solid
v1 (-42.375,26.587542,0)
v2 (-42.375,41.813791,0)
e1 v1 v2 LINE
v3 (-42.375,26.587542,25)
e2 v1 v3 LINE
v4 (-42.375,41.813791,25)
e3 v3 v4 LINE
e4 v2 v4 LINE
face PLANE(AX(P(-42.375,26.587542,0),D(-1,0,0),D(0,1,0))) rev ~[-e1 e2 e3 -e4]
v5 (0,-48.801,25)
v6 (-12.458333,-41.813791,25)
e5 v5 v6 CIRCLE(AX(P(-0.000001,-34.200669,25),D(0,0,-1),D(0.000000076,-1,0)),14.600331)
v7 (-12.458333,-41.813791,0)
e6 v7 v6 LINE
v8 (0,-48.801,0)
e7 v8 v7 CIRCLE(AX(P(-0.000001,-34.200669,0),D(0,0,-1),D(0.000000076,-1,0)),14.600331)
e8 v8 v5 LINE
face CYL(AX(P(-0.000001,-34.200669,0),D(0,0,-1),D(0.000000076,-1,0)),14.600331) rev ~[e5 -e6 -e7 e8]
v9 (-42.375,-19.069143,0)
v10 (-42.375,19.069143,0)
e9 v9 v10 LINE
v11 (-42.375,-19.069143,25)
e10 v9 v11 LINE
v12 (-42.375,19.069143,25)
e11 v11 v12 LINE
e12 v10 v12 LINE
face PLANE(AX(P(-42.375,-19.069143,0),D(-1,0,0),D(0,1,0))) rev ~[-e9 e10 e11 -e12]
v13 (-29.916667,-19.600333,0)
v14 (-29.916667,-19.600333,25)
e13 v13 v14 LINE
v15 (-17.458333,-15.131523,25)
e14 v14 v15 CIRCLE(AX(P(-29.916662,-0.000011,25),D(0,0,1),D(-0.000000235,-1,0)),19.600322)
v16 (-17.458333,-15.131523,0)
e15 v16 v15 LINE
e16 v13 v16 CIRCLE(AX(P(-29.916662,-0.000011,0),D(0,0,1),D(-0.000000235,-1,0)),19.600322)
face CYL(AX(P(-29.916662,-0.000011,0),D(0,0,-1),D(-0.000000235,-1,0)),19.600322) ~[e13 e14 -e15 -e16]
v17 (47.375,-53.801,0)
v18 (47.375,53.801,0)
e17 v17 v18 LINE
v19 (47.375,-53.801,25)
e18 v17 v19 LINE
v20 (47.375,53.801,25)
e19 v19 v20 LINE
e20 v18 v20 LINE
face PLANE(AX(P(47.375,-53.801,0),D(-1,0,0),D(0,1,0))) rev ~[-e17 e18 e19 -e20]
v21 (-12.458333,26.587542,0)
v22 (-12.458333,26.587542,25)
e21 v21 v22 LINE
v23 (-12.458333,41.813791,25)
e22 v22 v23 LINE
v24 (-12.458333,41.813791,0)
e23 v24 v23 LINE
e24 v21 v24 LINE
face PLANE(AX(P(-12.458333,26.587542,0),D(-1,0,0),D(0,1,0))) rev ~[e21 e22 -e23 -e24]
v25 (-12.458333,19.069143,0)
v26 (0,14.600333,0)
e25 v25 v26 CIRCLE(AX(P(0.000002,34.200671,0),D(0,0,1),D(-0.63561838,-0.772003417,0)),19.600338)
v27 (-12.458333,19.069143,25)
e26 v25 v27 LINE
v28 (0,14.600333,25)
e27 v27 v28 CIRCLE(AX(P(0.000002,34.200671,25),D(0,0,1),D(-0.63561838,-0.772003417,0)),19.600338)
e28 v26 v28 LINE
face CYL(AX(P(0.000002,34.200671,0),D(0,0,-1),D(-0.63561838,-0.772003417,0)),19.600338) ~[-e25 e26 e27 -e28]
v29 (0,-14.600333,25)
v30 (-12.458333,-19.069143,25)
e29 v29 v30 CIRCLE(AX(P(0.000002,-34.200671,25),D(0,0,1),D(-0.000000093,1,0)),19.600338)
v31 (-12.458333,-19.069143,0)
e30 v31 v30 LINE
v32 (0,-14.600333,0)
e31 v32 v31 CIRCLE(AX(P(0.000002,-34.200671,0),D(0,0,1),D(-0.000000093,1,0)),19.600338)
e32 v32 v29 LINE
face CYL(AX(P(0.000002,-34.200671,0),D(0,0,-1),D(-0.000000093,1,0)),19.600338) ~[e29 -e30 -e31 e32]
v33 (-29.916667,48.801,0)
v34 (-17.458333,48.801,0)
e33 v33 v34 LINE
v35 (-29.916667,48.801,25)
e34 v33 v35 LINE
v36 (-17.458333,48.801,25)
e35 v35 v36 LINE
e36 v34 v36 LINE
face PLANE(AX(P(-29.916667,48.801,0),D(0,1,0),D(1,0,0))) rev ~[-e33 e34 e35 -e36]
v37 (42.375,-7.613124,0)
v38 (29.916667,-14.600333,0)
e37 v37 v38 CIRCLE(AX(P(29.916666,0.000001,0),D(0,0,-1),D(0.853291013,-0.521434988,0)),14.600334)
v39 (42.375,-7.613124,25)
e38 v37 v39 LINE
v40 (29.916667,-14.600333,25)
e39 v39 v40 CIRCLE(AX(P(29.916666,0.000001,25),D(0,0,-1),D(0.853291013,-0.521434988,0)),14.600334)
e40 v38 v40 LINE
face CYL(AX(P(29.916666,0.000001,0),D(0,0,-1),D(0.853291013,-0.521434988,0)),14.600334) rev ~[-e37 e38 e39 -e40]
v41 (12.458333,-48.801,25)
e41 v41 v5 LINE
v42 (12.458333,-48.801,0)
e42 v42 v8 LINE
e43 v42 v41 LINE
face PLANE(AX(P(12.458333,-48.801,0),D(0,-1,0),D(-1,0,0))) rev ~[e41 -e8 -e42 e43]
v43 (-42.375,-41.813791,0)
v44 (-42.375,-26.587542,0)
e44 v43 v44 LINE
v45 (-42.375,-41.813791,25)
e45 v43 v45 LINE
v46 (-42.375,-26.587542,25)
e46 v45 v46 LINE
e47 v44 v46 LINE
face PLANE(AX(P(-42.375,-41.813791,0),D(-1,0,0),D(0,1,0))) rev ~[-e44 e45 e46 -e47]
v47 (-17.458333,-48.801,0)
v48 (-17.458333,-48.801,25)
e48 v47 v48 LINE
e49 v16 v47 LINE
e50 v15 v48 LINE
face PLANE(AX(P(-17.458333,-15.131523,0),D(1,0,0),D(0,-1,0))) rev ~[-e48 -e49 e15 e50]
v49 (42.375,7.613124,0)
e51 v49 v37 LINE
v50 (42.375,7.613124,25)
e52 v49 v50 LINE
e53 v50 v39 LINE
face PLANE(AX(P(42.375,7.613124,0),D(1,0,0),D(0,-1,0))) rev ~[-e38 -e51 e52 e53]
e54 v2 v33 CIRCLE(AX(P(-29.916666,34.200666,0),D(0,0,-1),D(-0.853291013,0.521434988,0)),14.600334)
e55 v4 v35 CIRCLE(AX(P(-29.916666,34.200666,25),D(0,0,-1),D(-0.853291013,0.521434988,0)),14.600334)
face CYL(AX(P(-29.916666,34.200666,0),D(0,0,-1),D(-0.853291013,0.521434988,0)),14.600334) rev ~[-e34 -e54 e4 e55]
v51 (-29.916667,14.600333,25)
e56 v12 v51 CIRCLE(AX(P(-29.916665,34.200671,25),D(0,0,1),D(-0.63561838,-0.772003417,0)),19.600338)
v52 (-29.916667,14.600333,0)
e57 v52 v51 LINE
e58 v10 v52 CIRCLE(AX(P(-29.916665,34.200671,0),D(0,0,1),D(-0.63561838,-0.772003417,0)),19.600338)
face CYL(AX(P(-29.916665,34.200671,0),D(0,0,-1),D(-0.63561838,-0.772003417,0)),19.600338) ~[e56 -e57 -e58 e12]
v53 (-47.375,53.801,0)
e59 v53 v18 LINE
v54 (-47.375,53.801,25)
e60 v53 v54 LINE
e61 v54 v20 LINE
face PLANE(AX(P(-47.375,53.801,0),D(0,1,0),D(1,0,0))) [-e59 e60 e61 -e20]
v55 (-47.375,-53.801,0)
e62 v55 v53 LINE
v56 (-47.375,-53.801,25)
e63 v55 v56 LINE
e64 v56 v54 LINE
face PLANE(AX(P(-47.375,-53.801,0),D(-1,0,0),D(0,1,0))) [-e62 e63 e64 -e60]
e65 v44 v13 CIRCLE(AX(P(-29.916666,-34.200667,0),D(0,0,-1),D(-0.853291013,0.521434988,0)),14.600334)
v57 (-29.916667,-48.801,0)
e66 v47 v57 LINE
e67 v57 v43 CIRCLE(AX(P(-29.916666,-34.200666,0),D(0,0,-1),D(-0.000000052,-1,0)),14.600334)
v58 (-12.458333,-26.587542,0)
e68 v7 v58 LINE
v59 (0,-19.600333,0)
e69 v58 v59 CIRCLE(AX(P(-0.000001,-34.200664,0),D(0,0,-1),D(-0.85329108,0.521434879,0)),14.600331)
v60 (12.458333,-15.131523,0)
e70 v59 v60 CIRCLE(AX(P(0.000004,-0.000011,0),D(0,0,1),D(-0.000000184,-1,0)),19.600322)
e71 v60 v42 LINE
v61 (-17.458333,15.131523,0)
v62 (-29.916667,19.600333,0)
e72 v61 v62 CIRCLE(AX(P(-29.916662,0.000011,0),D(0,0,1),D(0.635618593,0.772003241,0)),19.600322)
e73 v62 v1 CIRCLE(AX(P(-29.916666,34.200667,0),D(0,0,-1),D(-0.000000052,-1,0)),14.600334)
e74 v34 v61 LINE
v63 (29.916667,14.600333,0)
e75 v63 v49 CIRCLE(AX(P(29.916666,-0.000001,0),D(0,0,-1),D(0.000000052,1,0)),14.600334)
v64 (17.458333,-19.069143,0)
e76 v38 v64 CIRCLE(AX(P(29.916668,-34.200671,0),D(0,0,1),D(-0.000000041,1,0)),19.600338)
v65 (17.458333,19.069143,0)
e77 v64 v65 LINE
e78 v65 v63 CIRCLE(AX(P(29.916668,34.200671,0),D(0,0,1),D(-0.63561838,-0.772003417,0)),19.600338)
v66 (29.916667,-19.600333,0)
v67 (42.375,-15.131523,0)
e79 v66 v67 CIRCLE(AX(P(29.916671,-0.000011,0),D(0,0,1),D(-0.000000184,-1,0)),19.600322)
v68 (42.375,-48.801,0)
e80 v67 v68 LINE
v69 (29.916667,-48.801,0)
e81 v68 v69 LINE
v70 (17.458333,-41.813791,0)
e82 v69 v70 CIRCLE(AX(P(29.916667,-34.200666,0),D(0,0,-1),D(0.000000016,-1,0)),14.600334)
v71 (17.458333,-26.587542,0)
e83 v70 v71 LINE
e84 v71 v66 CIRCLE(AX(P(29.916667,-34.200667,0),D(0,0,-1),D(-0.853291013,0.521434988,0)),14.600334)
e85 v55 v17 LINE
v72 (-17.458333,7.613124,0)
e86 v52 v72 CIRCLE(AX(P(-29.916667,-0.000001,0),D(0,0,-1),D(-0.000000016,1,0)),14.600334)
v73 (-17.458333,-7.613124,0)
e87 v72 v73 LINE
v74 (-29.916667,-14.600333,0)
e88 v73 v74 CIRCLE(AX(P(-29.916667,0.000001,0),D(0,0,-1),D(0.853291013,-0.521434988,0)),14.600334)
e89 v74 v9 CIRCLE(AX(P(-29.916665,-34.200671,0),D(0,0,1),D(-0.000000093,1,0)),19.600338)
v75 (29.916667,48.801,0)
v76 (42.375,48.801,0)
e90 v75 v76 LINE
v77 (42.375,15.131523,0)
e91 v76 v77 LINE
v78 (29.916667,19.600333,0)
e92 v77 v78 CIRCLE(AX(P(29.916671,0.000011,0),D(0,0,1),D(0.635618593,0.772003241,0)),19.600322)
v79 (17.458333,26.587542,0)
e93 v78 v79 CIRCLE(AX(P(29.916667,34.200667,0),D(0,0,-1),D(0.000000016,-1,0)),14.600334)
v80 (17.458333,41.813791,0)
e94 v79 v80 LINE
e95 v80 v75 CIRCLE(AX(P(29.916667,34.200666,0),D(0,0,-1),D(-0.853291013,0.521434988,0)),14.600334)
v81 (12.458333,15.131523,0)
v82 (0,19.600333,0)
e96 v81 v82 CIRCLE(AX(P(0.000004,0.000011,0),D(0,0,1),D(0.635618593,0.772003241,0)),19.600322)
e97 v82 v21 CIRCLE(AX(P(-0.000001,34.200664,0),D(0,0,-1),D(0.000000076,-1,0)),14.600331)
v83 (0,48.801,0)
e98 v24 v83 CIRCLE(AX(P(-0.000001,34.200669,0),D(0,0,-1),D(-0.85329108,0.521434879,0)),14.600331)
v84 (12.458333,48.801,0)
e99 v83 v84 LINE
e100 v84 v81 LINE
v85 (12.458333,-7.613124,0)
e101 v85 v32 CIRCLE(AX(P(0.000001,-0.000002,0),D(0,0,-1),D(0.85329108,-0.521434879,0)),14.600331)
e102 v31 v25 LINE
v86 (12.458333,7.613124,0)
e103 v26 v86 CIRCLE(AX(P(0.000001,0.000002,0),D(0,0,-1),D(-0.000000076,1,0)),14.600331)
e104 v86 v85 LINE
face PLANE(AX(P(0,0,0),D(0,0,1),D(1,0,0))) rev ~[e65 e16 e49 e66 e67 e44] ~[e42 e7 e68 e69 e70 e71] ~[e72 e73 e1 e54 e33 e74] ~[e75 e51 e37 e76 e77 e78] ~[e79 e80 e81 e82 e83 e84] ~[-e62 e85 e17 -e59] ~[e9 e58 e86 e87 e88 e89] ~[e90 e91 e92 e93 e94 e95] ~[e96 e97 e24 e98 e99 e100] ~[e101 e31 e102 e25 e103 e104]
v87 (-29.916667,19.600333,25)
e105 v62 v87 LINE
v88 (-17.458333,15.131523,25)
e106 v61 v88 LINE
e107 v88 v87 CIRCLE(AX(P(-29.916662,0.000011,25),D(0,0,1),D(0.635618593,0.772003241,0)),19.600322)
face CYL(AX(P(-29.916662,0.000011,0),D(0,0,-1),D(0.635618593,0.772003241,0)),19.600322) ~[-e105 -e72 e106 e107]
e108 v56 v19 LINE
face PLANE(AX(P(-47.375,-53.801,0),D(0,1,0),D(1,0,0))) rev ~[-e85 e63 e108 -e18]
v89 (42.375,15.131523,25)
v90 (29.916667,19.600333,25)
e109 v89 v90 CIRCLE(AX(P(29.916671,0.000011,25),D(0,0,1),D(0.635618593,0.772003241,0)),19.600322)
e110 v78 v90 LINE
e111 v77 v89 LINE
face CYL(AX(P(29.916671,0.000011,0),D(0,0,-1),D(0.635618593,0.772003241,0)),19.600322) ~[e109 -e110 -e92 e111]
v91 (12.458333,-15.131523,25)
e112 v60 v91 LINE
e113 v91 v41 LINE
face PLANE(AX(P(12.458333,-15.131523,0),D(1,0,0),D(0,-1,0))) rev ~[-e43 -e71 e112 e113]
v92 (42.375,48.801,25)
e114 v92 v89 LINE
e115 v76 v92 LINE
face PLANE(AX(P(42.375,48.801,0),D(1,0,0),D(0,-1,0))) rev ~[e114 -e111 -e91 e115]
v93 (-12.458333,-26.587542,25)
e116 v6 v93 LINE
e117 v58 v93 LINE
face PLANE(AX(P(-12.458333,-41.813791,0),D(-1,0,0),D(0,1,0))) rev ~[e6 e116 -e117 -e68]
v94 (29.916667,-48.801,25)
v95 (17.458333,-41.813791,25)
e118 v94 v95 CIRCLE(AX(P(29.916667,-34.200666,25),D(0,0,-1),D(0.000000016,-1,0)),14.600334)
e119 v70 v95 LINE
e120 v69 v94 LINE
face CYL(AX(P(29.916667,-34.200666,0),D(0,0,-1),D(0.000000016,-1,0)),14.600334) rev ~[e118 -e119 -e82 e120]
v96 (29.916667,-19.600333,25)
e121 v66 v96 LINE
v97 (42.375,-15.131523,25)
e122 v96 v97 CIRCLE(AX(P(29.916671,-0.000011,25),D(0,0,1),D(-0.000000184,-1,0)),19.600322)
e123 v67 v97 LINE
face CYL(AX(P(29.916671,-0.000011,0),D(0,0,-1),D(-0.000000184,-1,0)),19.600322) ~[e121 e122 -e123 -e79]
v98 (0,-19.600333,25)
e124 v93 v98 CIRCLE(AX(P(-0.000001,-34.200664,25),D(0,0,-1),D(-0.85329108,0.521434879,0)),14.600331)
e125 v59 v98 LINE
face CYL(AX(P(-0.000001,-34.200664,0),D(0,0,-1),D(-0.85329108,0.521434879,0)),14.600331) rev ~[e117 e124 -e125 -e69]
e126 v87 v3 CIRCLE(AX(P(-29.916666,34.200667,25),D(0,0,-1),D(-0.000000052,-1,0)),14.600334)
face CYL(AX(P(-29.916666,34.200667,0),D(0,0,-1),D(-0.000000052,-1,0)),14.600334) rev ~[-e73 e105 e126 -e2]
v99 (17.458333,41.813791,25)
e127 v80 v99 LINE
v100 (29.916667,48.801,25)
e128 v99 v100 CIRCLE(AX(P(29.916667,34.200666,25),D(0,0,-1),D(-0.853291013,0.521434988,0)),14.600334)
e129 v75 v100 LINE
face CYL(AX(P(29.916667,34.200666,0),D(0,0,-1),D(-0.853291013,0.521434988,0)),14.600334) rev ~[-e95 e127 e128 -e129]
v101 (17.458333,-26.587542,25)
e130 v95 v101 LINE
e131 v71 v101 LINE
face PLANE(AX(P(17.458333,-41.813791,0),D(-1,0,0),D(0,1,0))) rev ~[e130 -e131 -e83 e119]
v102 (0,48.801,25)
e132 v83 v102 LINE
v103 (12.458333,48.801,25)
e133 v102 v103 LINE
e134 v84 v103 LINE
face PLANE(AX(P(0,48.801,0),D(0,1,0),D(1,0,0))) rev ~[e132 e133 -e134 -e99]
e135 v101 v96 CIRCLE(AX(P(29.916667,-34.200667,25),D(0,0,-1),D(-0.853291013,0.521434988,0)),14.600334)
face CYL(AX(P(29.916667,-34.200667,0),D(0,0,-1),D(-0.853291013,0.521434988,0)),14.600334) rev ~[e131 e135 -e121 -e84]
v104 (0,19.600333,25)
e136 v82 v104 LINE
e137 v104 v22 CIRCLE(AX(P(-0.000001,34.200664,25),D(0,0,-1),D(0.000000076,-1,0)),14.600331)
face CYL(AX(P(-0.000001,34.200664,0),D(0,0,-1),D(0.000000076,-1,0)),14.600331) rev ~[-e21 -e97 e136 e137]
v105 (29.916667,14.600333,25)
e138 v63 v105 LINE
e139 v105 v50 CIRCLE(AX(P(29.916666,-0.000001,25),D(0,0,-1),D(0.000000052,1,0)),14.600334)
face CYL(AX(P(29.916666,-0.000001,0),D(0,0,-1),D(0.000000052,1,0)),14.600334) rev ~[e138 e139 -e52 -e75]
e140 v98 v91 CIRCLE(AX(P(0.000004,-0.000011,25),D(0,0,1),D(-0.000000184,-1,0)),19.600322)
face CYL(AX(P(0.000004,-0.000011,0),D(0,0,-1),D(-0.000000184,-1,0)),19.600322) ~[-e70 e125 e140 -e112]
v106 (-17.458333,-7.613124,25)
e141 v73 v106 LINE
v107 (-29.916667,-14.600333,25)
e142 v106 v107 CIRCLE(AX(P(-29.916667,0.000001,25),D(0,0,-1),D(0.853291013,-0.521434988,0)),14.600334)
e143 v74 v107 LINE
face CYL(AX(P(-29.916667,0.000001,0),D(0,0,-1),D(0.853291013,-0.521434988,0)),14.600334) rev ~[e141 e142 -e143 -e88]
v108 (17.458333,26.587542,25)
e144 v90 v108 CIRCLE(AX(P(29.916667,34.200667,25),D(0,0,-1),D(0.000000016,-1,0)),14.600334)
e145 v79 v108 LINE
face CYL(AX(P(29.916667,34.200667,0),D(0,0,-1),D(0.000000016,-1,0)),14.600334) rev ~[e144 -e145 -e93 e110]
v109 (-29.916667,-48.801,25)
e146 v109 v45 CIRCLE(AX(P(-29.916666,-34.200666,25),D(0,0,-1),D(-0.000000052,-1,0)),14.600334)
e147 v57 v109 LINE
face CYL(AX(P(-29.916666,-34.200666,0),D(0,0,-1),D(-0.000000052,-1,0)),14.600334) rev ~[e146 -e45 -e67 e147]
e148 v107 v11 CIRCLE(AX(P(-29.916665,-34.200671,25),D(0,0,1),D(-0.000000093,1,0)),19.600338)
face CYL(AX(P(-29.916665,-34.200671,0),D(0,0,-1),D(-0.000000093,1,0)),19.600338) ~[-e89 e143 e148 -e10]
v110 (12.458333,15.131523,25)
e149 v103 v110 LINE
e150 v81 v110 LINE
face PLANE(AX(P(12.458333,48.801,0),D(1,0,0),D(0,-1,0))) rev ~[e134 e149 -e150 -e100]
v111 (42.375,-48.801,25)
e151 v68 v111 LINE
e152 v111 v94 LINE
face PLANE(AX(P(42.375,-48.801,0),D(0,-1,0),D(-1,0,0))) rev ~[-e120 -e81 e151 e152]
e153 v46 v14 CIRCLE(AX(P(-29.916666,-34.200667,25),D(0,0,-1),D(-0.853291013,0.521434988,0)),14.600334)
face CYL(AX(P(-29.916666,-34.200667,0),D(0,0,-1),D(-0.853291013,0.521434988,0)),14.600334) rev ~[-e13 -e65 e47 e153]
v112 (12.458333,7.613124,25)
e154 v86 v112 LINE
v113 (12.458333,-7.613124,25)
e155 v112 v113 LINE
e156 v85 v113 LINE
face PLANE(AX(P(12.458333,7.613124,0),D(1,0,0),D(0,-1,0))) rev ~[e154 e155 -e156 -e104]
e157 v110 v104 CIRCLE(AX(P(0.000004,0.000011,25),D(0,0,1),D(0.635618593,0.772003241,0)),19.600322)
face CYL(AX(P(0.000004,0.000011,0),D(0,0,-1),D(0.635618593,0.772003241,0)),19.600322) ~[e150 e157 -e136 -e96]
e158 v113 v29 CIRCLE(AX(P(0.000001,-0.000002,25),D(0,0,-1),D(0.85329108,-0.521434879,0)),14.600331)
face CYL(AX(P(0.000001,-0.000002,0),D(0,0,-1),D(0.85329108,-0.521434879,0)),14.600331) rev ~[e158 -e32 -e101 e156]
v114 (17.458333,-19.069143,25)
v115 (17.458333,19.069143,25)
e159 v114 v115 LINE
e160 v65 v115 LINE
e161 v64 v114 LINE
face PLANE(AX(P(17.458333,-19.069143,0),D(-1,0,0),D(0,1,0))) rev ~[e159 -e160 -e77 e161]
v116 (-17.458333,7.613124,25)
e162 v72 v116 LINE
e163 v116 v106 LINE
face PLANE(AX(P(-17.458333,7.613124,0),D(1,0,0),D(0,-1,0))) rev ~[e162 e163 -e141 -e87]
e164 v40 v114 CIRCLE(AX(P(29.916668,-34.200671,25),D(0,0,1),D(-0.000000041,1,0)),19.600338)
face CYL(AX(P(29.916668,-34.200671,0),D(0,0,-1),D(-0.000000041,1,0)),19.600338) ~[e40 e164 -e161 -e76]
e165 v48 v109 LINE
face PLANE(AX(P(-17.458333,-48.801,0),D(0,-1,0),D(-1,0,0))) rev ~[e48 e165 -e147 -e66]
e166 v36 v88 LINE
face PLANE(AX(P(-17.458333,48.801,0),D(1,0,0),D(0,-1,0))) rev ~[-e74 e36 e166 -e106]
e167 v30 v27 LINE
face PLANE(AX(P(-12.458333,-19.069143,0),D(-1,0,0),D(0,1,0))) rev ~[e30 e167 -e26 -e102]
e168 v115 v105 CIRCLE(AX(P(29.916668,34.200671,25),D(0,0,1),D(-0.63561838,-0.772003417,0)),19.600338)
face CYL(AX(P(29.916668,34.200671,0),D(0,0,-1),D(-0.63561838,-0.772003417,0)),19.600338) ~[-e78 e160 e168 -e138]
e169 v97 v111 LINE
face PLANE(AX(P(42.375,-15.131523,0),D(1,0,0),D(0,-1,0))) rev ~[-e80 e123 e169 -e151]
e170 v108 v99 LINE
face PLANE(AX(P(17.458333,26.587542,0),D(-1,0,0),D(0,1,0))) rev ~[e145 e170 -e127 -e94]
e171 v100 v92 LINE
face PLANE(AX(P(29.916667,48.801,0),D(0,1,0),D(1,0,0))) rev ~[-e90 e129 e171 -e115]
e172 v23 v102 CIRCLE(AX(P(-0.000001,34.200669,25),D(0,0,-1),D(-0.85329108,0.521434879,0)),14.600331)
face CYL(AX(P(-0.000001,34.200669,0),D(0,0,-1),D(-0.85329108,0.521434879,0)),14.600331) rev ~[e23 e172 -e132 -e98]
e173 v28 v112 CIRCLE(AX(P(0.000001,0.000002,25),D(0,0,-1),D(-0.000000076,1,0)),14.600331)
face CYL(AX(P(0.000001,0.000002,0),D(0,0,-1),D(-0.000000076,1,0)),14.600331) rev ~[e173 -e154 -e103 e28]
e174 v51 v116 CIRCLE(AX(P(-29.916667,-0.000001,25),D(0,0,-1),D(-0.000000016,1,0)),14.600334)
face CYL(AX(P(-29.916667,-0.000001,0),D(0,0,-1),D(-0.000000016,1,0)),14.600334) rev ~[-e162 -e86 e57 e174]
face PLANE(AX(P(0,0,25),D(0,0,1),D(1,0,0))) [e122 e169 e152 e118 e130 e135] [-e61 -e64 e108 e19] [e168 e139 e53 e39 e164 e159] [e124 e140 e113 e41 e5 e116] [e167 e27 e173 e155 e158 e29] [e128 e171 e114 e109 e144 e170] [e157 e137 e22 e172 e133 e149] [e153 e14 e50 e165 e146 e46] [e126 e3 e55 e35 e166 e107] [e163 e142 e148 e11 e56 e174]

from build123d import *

# Parameters (mm, degrees)
F0_W     = 94.75
F0_H     = 107.602
F1_DEPTH = 25


with BuildPart() as f1:
    # F0 (on Top) → F1 (new body)
    with BuildSketch(Plane.XY):
        Rectangle(F0_W, F0_H)
        with BuildLine():
            Line((-17.458333, -48.801), (-29.916667, -48.801))
            ThreePointArc((-29.916667, -48.801), (-37.05864, -46.934949), (-42.375, -41.813791))
            Line((-42.375, -41.813791), (-42.375, -26.587542))
            ThreePointArc((-42.375, -26.587542), (-37.05864, -21.466384), (-29.916667, -19.600333))
            ThreePointArc((-29.916667, -19.600333), (-23.298881, -18.449336), (-17.458333, -15.131523))
            Line((-17.458333, -15.131523), (-17.458333, -48.801))
        make_face(mode=Mode.SUBTRACT)
        with BuildLine():
            Line((12.458333, -15.131523), (12.458333, -48.801))
            Line((12.458333, -48.801), (0, -48.801))
            ThreePointArc((0, -48.801), (-7.141974, -46.934949), (-12.458333, -41.813791))
            Line((-12.458333, -41.813791), (-12.458333, -26.587542))
            ThreePointArc((-12.458333, -26.587542), (-7.141974, -21.466384), (0, -19.600333))
            ThreePointArc((0, -19.600333), (6.617785, -18.449336), (12.458333, -15.131523))
        make_face(mode=Mode.SUBTRACT)
        with BuildLine():
            Line((42.375, -15.131523), (42.375, -48.801))
            Line((42.375, -48.801), (29.916667, -48.801))
            ThreePointArc((29.916667, -48.801), (22.774693, -46.934949), (17.458333, -41.813791))
            Line((17.458333, -41.813791), (17.458333, -26.587542))
            ThreePointArc((17.458333, -26.587542), (22.774693, -21.466384), (29.916667, -19.600333))
            ThreePointArc((29.916667, -19.600333), (36.534452, -18.449336), (42.375, -15.131523))
        make_face(mode=Mode.SUBTRACT)
        with BuildLine():
            ThreePointArc((-17.458333, -7.613124), (-22.774693, -12.734282), (-29.916667, -14.600333))
            ThreePointArc((-29.916667, -14.600333), (-36.534452, -15.751331), (-42.375, -19.069143))
            Line((-42.375, -19.069143), (-42.375, 19.069143))
            ThreePointArc((-42.375, 19.069143), (-36.534452, 15.751331), (-29.916667, 14.600333))
            ThreePointArc((-29.916667, 14.600333), (-22.774693, 12.734282), (-17.458333, 7.613124))
            Line((-17.458333, 7.613124), (-17.458333, -7.613124))
        make_face(mode=Mode.SUBTRACT)
        with BuildLine():
            ThreePointArc((-42.375, 41.813791), (-37.05864, 46.934949), (-29.916667, 48.801))
            Line((-29.916667, 48.801), (-17.458333, 48.801))
            Line((-17.458333, 48.801), (-17.458333, 15.131523))
            ThreePointArc((-17.458333, 15.131523), (-23.298881, 18.449336), (-29.916667, 19.600333))
            ThreePointArc((-29.916667, 19.600333), (-37.05864, 21.466384), (-42.375, 26.587542))
            Line((-42.375, 26.587542), (-42.375, 41.813791))
        make_face(mode=Mode.SUBTRACT)
        with BuildLine():
            ThreePointArc((12.458333, -7.613124), (7.141974, -12.734282), (0, -14.600333))
            ThreePointArc((0, -14.600333), (-6.617785, -15.751331), (-12.458333, -19.069143))
            Line((-12.458333, -19.069143), (-12.458333, 19.069143))
            ThreePointArc((-12.458333, 19.069143), (-6.617785, 15.751331), (0, 14.600333))
            ThreePointArc((0, 14.600333), (7.141974, 12.734282), (12.458333, 7.613124))
            Line((12.458333, 7.613124), (12.458333, -7.613124))
        make_face(mode=Mode.SUBTRACT)
        with BuildLine():
            ThreePointArc((42.375, -7.613124), (37.05864, -12.734282), (29.916667, -14.600333))
            ThreePointArc((29.916667, -14.600333), (23.298881, -15.751331), (17.458333, -19.069143))
            Line((17.458333, -19.069143), (17.458333, 19.069143))
            ThreePointArc((17.458333, 19.069143), (23.298881, 15.751331), (29.916667, 14.600333))
            ThreePointArc((29.916667, 14.600333), (37.05864, 12.734282), (42.375, 7.613124))
            Line((42.375, 7.613124), (42.375, -7.613124))
        make_face(mode=Mode.SUBTRACT)
        with BuildLine():
            Line((12.458333, 48.801), (12.458333, 15.131523))
            ThreePointArc((12.458333, 15.131523), (6.617785, 18.449336), (0, 19.600333))
            ThreePointArc((0, 19.600333), (-7.141974, 21.466384), (-12.458333, 26.587542))
            Line((-12.458333, 26.587542), (-12.458333, 41.813791))
            ThreePointArc((-12.458333, 41.813791), (-7.141974, 46.934949), (0, 48.801))
            Line((0, 48.801), (12.458333, 48.801))
        make_face(mode=Mode.SUBTRACT)
        with BuildLine():
            ThreePointArc((29.916667, 19.600333), (22.774693, 21.466384), (17.458333, 26.587542))
            Line((17.458333, 26.587542), (17.458333, 41.813791))
            ThreePointArc((17.458333, 41.813791), (22.774693, 46.934949), (29.916667, 48.801))
            Line((29.916667, 48.801), (42.375, 48.801))
            Line((42.375, 48.801), (42.375, 15.131523))
            ThreePointArc((42.375, 15.131523), (36.534452, 18.449336), (29.916667, 19.600333))
        make_face(mode=Mode.SUBTRACT)
    extrude(amount=F1_DEPTH)


solid = f1.part
